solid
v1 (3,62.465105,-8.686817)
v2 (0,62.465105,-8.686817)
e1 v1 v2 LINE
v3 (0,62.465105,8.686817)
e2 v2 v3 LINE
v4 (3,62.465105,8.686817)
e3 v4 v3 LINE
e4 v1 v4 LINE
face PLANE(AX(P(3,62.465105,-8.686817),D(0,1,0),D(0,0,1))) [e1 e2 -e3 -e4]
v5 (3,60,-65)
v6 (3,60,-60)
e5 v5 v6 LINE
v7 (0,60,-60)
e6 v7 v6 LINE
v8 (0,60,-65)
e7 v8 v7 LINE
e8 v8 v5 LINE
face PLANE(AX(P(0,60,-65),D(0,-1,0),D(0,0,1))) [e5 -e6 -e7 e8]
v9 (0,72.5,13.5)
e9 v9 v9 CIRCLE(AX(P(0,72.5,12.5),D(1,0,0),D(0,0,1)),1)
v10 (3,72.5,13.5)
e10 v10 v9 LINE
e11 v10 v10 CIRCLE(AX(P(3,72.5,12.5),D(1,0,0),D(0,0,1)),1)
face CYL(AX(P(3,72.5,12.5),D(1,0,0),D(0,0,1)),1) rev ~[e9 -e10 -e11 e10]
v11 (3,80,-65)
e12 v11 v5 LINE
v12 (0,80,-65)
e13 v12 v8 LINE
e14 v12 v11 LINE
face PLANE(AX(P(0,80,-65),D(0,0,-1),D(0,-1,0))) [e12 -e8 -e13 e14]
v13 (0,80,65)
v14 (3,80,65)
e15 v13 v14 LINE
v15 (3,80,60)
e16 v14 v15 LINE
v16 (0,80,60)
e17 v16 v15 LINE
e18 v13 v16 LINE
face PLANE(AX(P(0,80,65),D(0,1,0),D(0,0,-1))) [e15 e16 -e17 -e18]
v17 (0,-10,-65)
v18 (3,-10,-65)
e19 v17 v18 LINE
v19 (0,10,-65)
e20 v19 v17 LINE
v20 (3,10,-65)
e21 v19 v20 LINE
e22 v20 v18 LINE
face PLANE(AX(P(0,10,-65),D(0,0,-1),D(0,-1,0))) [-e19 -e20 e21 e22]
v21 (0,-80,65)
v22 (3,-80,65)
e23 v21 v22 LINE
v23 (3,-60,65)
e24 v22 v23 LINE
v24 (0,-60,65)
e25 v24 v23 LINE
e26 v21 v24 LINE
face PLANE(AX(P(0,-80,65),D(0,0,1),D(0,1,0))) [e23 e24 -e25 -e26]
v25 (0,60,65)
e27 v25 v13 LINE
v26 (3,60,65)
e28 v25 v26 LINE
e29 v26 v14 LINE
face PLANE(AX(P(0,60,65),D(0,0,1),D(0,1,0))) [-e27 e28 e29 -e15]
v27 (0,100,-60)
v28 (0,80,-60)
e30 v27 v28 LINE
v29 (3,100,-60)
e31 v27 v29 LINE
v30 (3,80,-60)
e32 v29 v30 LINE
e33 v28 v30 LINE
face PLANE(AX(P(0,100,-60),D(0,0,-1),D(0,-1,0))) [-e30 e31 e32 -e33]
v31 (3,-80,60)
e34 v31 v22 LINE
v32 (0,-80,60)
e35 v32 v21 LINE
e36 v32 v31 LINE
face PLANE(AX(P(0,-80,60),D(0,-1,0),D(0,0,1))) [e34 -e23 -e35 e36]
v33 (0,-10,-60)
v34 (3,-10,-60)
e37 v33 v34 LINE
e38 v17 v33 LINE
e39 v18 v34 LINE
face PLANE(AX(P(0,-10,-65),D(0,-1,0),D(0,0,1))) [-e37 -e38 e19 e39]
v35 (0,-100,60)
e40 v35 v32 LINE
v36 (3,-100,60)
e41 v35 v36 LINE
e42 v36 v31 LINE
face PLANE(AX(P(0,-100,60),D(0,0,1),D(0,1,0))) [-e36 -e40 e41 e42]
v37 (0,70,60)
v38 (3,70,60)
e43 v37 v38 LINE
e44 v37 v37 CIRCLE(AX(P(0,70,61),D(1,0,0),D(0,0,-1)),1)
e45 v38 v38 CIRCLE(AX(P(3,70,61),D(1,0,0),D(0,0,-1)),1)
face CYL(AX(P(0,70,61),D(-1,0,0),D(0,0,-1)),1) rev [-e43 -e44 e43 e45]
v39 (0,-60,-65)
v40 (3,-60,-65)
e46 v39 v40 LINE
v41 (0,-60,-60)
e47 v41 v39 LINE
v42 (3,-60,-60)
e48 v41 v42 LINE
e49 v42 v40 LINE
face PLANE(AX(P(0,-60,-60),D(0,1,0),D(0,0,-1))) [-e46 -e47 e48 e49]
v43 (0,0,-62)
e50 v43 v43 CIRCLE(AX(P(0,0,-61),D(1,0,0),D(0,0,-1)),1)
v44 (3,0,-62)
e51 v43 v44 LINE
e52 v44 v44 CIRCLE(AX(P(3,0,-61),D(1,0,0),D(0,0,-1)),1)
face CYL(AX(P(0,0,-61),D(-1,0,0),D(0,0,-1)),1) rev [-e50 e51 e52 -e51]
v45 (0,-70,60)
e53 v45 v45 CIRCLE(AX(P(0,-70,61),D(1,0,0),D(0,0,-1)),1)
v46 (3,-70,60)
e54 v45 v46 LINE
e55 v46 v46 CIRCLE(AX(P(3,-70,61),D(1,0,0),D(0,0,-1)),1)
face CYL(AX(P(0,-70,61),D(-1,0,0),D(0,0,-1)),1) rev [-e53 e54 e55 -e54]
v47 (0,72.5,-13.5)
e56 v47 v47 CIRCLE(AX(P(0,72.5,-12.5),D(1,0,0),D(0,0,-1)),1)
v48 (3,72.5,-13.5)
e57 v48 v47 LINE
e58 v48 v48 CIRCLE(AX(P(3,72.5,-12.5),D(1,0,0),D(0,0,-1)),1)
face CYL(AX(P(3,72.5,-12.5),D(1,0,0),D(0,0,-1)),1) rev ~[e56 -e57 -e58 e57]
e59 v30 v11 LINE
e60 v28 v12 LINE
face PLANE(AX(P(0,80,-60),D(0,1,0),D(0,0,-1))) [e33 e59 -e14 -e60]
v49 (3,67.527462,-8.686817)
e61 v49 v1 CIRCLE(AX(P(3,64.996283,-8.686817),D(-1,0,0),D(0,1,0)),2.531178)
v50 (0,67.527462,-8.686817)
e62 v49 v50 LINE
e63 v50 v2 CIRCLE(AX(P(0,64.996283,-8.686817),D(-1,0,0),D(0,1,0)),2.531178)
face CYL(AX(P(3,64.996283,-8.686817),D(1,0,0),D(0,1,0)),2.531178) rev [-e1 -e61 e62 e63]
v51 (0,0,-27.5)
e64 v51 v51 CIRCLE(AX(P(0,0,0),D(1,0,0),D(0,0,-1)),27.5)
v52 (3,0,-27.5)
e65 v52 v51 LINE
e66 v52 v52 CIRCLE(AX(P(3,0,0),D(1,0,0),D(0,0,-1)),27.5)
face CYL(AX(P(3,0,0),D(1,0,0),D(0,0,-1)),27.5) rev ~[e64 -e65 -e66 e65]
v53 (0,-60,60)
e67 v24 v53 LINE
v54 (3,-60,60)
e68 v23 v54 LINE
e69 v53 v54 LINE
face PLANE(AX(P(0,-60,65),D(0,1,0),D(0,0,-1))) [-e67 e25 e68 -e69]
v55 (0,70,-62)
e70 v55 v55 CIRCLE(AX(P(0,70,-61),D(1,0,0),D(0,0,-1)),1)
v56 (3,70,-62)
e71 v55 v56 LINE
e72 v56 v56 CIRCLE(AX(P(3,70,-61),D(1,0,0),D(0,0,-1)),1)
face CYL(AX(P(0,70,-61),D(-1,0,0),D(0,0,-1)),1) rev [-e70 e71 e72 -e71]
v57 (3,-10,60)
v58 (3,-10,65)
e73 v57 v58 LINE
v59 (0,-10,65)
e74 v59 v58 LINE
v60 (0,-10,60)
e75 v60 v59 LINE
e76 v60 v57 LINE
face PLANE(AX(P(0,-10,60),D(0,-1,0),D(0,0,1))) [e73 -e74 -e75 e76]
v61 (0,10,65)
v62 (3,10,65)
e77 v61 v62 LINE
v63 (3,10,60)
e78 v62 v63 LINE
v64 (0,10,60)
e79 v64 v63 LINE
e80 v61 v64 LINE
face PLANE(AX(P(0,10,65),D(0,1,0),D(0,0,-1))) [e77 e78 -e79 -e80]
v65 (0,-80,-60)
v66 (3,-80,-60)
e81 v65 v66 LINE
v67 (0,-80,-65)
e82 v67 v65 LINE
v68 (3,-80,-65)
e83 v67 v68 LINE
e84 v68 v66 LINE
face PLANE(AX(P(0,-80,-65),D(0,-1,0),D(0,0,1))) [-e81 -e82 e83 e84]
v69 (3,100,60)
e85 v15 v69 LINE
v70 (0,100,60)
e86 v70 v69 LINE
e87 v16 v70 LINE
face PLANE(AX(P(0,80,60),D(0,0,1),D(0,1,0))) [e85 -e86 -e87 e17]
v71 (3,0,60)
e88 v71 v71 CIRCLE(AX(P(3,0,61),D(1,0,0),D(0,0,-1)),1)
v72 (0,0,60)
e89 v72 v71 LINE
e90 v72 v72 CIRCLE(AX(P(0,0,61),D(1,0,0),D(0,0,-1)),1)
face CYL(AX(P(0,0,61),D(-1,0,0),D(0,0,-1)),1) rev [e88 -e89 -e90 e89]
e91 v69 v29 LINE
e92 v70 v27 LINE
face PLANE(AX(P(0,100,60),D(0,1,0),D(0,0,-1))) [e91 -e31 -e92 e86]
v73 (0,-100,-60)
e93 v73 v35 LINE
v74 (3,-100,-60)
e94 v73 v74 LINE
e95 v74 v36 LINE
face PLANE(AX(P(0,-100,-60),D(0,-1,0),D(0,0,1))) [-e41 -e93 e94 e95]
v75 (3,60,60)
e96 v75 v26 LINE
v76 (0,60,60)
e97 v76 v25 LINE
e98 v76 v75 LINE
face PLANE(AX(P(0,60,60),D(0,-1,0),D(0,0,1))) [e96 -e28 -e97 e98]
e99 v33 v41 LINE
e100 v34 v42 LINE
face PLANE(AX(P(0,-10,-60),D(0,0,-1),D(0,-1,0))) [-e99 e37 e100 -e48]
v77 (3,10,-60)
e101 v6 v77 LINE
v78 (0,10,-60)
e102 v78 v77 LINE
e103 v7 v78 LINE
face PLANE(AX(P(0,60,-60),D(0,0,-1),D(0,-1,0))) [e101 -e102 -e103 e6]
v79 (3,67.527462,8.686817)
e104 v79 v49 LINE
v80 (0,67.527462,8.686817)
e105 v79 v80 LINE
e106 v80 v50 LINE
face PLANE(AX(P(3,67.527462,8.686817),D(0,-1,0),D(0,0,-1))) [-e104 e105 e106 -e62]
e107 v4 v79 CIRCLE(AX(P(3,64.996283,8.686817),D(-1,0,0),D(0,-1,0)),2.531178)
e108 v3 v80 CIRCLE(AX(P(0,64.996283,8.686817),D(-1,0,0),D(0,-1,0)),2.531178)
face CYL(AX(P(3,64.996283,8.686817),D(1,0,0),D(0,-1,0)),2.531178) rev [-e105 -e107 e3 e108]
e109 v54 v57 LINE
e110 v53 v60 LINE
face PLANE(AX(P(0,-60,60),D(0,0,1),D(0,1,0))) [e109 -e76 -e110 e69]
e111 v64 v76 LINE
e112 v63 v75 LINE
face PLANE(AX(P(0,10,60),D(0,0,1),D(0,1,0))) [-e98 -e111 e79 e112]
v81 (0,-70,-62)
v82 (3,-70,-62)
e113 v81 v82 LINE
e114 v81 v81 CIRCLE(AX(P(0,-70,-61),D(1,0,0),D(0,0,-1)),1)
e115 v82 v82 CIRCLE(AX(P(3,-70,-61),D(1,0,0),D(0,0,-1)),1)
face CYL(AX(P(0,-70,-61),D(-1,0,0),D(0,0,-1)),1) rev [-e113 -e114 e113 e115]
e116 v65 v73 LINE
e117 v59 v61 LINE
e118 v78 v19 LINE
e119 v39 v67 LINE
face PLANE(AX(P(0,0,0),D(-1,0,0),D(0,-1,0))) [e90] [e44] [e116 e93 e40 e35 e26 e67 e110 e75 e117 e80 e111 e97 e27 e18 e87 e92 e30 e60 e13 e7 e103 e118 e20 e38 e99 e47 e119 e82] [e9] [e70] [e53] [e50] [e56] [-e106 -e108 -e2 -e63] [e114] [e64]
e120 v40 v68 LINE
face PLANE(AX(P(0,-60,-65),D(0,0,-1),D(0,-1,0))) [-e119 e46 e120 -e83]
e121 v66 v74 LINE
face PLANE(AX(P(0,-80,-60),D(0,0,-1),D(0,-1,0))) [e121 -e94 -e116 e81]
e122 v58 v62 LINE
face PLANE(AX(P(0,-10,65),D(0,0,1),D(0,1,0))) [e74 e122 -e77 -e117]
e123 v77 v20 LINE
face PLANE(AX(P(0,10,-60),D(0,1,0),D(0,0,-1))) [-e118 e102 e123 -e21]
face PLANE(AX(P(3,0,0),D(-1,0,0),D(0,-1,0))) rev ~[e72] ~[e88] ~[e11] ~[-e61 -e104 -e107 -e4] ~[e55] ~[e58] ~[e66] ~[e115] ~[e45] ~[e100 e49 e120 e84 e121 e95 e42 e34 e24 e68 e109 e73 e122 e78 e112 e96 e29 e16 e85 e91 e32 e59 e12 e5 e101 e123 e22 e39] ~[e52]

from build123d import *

# Parameters (mm, degrees)
SKETCH1_R           = 1
BOSS_EXTRUDE1_DEPTH = 3
SKETCH2_R           = 27.5
SKETCH2_R_2         = 1
CUT_EXTRUDE1_DEPTH  = 3


with BuildPart() as part:
    # Sketch1 → Boss-Extrude1 (new body)
    with BuildSketch(Plane.YZ):
        Polygon((-80, 60), (-80, 65), (-60, 65), (-60, 60), (-10, 60), (-10, 65), (10, 65), (10, 60), (60, 60), (60, 65), (80, 65), (80, 60), (100, 60), (100, -60), (80, -60), (80, -65), (60, -65), (60, -60), (10, -60), (10, -65), (-10, -65), (-10, -60), (-60, -60), (-60, -65), (-80, -65), (-80, -60), (-100, -60), (-100, 60), align=None)
        with Locations(Location((-70, 61, 0), (0, 0, 270))):
            Circle(SKETCH1_R, mode=Mode.SUBTRACT)
        with Locations(Location((70, 61, 0), (0, 0, 270))):
            Circle(SKETCH1_R, mode=Mode.SUBTRACT)
        with Locations(Location((0, 61, 0), (0, 0, 270))):
            Circle(SKETCH1_R, mode=Mode.SUBTRACT)
        with Locations(Location((70, -61, 0), (0, 0, 270))):
            Circle(SKETCH1_R, mode=Mode.SUBTRACT)
        with Locations(Location((0, -61, 0), (0, 0, 270))):
            Circle(SKETCH1_R, mode=Mode.SUBTRACT)
        with Locations(Location((-70, -61, 0), (0, 0, 270))):
            Circle(SKETCH1_R, mode=Mode.SUBTRACT)
    extrude(amount=BOSS_EXTRUDE1_DEPTH)

    # Sketch2 → Cut-Extrude1 (cut)
    with BuildSketch(Plane.YZ.offset(3)):
        with Locations(Location((0, 0, 0), (0, 0, 270))):
            Circle(SKETCH2_R)
        with Locations(Location((72.5, -12.5, 0), (0, 0, 270))):
            Circle(SKETCH2_R_2)
        with Locations(Location((72.5, 12.5, 0), (0, 0, 90))):
            Circle(SKETCH2_R_2)
        with BuildLine():
            Line((67.527461624, 8.686817334), (67.527461624, -8.686817334))
            ThreePointArc((67.527461624, -8.686817334), (64.996283302, -11.217995655), (62.465104981, -8.686817334))
            Line((62.465104981, -8.686817334), (62.465104981, 8.686817334))
            ThreePointArc((62.465104981, 8.686817334), (64.996283302, 11.217995655), (67.527461624, 8.686817334))
        make_face()
    extrude(amount=-CUT_EXTRUDE1_DEPTH, mode=Mode.SUBTRACT)


solid = part.part
